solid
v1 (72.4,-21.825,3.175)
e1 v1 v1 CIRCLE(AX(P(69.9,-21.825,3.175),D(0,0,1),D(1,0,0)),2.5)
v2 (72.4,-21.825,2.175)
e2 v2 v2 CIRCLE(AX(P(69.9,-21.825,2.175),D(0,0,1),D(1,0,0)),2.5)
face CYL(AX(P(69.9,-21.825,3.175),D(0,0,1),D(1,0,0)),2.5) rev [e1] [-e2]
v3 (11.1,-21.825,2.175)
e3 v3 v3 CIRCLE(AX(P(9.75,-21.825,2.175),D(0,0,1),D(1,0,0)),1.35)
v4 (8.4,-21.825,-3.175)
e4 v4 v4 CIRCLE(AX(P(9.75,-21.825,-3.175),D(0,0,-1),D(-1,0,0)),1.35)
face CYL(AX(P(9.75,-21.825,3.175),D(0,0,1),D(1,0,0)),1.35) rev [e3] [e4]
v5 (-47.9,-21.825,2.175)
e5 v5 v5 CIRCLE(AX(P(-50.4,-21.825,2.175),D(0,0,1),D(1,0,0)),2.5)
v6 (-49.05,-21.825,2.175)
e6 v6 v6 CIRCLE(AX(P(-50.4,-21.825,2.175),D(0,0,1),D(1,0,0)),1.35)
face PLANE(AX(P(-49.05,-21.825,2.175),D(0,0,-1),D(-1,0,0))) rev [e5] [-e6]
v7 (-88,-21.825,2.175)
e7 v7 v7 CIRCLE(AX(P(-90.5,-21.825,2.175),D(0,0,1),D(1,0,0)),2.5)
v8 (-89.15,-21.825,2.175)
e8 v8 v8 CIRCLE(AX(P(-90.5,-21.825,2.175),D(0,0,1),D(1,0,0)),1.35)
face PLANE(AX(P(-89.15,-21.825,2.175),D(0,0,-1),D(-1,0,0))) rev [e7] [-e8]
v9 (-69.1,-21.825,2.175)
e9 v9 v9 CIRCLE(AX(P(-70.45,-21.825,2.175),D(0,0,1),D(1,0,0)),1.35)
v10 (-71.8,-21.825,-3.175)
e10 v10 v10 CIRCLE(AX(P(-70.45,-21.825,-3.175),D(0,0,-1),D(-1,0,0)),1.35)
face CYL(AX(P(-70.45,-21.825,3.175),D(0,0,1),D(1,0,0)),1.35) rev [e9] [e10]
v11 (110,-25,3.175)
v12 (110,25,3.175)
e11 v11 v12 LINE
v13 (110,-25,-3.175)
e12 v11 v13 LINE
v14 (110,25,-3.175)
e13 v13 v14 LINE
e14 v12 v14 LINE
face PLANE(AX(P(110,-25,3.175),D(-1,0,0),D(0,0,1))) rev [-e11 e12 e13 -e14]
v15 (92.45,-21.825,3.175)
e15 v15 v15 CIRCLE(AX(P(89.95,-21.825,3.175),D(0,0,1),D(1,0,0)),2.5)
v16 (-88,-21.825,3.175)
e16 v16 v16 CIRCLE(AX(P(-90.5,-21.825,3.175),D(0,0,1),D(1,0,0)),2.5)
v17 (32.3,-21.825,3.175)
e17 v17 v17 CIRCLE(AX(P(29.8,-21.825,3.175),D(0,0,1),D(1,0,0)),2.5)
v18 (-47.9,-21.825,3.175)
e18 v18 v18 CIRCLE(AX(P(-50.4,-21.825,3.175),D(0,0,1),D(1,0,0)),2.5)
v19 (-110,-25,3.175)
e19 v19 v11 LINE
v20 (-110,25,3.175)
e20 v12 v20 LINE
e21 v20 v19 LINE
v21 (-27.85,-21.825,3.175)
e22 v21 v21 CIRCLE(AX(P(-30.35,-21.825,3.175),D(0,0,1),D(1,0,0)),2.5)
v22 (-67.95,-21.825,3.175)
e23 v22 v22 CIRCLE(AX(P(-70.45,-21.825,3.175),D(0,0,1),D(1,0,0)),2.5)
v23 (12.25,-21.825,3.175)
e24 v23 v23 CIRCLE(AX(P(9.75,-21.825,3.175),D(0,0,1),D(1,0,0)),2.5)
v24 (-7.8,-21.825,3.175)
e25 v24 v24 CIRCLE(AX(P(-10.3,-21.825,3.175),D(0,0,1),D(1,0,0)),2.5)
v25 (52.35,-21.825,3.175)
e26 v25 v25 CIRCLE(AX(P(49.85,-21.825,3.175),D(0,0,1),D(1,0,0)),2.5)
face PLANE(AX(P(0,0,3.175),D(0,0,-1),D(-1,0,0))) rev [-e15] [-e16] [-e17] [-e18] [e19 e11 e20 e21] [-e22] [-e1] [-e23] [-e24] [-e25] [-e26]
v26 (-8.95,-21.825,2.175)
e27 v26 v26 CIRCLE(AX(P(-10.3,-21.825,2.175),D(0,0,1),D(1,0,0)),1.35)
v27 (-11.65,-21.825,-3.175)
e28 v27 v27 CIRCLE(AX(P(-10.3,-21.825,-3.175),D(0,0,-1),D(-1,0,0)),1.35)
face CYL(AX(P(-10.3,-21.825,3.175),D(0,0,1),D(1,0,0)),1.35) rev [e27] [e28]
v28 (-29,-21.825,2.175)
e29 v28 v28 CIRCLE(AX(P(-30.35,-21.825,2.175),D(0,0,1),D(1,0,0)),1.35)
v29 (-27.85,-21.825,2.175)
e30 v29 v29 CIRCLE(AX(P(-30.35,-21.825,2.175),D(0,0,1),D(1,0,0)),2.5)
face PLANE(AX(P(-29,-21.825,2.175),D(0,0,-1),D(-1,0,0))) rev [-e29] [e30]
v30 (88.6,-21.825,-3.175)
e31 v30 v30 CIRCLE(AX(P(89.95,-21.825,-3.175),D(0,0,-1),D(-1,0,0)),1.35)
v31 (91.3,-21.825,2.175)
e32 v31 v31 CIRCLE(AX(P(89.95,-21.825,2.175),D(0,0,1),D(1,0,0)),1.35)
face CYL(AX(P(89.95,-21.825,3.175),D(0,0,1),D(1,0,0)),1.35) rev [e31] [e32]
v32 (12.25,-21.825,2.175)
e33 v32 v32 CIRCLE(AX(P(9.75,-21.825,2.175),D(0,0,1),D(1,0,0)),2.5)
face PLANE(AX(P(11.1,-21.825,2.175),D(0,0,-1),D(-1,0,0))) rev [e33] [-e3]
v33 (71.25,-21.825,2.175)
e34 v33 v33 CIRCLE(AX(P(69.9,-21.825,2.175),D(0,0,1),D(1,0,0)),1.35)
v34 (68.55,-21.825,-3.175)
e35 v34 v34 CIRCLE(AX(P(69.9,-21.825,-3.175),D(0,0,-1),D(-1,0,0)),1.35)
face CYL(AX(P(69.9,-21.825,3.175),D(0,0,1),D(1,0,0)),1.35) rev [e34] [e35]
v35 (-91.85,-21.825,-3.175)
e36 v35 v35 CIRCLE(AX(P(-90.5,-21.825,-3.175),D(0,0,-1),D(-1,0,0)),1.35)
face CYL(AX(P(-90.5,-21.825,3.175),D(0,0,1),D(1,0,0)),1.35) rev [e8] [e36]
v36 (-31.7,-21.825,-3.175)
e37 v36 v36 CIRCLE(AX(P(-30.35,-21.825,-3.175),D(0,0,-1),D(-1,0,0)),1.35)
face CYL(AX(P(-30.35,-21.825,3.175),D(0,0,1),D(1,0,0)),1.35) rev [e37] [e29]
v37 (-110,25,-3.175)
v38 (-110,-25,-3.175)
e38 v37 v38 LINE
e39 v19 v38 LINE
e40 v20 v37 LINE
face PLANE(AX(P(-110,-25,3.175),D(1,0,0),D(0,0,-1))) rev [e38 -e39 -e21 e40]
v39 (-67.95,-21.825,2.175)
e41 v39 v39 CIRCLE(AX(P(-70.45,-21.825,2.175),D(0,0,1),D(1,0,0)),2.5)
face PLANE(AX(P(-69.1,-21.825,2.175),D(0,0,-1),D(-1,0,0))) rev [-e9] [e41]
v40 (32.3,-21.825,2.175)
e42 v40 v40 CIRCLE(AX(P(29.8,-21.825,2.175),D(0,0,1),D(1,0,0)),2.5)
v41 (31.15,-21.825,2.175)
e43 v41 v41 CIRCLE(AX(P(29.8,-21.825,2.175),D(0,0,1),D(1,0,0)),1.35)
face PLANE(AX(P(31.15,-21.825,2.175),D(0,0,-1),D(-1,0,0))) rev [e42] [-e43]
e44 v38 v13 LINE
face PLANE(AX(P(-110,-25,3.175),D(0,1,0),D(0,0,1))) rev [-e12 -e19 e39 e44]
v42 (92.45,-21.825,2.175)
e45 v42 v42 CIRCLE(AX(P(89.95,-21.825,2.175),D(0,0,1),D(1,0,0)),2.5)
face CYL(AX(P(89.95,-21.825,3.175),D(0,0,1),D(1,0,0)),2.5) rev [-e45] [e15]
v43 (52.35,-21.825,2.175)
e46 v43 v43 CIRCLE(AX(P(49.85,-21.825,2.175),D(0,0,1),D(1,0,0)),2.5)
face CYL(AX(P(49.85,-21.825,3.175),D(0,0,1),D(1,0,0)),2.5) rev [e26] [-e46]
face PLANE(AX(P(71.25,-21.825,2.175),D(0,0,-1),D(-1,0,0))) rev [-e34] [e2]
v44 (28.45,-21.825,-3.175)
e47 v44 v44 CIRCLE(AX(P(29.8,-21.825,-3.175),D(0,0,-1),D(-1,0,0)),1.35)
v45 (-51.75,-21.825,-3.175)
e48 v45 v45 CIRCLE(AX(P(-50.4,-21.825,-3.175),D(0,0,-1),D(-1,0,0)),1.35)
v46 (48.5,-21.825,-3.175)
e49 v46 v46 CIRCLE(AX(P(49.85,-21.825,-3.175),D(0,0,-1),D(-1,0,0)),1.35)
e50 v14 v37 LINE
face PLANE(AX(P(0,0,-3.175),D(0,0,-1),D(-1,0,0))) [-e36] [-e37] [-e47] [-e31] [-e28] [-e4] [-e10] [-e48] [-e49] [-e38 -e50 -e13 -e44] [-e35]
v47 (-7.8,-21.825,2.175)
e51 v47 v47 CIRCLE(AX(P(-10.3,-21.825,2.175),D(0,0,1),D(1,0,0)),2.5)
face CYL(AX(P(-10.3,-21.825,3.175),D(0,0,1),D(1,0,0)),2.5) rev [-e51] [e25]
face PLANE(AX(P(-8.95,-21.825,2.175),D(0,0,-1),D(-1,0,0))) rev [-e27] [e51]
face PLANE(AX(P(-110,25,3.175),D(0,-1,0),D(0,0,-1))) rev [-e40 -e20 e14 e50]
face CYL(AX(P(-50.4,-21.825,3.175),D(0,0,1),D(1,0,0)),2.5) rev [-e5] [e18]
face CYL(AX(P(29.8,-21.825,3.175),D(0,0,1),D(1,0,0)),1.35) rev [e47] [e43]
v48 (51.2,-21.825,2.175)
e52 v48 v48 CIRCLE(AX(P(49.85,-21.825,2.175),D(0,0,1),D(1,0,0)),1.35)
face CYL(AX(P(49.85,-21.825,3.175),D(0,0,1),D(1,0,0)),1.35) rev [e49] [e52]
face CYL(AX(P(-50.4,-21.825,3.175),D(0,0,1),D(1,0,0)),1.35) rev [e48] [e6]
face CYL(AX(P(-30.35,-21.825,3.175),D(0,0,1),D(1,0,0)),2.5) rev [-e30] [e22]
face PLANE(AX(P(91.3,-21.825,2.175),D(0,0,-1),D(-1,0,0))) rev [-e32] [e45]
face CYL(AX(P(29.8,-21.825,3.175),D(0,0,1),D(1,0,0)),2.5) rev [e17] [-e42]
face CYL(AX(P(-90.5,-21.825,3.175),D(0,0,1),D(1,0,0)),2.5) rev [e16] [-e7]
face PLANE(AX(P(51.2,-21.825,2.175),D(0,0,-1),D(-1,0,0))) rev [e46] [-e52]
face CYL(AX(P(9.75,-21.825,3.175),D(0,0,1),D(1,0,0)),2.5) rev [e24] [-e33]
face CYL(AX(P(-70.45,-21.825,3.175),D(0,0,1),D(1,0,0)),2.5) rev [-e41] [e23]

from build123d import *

# Parameters (mm, degrees)
SKETCH1_W                        = 220
SKETCH1_H                        = 50
BOSS_EXTRUDE1_DEPTH              = 3.175
CBORE_FOR_M2_5_SHCS1_D           = 2.7
CBORE_FOR_M2_5_SHCS1_DEPTH       = 15
CBORE_FOR_M2_5_SHCS1_CBORE_D     = 5
CBORE_FOR_M2_5_SHCS1_CBORE_DEPTH = 1
CBORE_FOR_M2_5_SHCS1_TIP         = 0.811161836


with BuildPart() as part:
    # Sketch1 → Boss-Extrude1 (new, symmetric)
    with BuildSketch(Plane.XY):
        Rectangle(SKETCH1_W, SKETCH1_H)
    extrude(amount=BOSS_EXTRUDE1_DEPTH, both=True)

    # CBORE for M2.5 SHCS1
    with Locations(Plane.XY.offset(3.175)):
        with Locations((89.95, -21.825), (69.9, -21.825), (49.85, -21.825), (29.8, -21.825), (9.75, -21.825), (-10.3, -21.825), (-30.35, -21.825), (-50.4, -21.825), (-70.45, -21.825), (-90.5, -21.825)):
            CounterBoreHole(CBORE_FOR_M2_5_SHCS1_D / 2, CBORE_FOR_M2_5_SHCS1_CBORE_D / 2, CBORE_FOR_M2_5_SHCS1_CBORE_DEPTH, depth=CBORE_FOR_M2_5_SHCS1_DEPTH)
            with Locations((0, 0, -(CBORE_FOR_M2_5_SHCS1_DEPTH + CBORE_FOR_M2_5_SHCS1_TIP / 2))):  # 118° drill point
                Cone(0, CBORE_FOR_M2_5_SHCS1_D / 2, CBORE_FOR_M2_5_SHCS1_TIP, mode=Mode.SUBTRACT)


solid = part.part
